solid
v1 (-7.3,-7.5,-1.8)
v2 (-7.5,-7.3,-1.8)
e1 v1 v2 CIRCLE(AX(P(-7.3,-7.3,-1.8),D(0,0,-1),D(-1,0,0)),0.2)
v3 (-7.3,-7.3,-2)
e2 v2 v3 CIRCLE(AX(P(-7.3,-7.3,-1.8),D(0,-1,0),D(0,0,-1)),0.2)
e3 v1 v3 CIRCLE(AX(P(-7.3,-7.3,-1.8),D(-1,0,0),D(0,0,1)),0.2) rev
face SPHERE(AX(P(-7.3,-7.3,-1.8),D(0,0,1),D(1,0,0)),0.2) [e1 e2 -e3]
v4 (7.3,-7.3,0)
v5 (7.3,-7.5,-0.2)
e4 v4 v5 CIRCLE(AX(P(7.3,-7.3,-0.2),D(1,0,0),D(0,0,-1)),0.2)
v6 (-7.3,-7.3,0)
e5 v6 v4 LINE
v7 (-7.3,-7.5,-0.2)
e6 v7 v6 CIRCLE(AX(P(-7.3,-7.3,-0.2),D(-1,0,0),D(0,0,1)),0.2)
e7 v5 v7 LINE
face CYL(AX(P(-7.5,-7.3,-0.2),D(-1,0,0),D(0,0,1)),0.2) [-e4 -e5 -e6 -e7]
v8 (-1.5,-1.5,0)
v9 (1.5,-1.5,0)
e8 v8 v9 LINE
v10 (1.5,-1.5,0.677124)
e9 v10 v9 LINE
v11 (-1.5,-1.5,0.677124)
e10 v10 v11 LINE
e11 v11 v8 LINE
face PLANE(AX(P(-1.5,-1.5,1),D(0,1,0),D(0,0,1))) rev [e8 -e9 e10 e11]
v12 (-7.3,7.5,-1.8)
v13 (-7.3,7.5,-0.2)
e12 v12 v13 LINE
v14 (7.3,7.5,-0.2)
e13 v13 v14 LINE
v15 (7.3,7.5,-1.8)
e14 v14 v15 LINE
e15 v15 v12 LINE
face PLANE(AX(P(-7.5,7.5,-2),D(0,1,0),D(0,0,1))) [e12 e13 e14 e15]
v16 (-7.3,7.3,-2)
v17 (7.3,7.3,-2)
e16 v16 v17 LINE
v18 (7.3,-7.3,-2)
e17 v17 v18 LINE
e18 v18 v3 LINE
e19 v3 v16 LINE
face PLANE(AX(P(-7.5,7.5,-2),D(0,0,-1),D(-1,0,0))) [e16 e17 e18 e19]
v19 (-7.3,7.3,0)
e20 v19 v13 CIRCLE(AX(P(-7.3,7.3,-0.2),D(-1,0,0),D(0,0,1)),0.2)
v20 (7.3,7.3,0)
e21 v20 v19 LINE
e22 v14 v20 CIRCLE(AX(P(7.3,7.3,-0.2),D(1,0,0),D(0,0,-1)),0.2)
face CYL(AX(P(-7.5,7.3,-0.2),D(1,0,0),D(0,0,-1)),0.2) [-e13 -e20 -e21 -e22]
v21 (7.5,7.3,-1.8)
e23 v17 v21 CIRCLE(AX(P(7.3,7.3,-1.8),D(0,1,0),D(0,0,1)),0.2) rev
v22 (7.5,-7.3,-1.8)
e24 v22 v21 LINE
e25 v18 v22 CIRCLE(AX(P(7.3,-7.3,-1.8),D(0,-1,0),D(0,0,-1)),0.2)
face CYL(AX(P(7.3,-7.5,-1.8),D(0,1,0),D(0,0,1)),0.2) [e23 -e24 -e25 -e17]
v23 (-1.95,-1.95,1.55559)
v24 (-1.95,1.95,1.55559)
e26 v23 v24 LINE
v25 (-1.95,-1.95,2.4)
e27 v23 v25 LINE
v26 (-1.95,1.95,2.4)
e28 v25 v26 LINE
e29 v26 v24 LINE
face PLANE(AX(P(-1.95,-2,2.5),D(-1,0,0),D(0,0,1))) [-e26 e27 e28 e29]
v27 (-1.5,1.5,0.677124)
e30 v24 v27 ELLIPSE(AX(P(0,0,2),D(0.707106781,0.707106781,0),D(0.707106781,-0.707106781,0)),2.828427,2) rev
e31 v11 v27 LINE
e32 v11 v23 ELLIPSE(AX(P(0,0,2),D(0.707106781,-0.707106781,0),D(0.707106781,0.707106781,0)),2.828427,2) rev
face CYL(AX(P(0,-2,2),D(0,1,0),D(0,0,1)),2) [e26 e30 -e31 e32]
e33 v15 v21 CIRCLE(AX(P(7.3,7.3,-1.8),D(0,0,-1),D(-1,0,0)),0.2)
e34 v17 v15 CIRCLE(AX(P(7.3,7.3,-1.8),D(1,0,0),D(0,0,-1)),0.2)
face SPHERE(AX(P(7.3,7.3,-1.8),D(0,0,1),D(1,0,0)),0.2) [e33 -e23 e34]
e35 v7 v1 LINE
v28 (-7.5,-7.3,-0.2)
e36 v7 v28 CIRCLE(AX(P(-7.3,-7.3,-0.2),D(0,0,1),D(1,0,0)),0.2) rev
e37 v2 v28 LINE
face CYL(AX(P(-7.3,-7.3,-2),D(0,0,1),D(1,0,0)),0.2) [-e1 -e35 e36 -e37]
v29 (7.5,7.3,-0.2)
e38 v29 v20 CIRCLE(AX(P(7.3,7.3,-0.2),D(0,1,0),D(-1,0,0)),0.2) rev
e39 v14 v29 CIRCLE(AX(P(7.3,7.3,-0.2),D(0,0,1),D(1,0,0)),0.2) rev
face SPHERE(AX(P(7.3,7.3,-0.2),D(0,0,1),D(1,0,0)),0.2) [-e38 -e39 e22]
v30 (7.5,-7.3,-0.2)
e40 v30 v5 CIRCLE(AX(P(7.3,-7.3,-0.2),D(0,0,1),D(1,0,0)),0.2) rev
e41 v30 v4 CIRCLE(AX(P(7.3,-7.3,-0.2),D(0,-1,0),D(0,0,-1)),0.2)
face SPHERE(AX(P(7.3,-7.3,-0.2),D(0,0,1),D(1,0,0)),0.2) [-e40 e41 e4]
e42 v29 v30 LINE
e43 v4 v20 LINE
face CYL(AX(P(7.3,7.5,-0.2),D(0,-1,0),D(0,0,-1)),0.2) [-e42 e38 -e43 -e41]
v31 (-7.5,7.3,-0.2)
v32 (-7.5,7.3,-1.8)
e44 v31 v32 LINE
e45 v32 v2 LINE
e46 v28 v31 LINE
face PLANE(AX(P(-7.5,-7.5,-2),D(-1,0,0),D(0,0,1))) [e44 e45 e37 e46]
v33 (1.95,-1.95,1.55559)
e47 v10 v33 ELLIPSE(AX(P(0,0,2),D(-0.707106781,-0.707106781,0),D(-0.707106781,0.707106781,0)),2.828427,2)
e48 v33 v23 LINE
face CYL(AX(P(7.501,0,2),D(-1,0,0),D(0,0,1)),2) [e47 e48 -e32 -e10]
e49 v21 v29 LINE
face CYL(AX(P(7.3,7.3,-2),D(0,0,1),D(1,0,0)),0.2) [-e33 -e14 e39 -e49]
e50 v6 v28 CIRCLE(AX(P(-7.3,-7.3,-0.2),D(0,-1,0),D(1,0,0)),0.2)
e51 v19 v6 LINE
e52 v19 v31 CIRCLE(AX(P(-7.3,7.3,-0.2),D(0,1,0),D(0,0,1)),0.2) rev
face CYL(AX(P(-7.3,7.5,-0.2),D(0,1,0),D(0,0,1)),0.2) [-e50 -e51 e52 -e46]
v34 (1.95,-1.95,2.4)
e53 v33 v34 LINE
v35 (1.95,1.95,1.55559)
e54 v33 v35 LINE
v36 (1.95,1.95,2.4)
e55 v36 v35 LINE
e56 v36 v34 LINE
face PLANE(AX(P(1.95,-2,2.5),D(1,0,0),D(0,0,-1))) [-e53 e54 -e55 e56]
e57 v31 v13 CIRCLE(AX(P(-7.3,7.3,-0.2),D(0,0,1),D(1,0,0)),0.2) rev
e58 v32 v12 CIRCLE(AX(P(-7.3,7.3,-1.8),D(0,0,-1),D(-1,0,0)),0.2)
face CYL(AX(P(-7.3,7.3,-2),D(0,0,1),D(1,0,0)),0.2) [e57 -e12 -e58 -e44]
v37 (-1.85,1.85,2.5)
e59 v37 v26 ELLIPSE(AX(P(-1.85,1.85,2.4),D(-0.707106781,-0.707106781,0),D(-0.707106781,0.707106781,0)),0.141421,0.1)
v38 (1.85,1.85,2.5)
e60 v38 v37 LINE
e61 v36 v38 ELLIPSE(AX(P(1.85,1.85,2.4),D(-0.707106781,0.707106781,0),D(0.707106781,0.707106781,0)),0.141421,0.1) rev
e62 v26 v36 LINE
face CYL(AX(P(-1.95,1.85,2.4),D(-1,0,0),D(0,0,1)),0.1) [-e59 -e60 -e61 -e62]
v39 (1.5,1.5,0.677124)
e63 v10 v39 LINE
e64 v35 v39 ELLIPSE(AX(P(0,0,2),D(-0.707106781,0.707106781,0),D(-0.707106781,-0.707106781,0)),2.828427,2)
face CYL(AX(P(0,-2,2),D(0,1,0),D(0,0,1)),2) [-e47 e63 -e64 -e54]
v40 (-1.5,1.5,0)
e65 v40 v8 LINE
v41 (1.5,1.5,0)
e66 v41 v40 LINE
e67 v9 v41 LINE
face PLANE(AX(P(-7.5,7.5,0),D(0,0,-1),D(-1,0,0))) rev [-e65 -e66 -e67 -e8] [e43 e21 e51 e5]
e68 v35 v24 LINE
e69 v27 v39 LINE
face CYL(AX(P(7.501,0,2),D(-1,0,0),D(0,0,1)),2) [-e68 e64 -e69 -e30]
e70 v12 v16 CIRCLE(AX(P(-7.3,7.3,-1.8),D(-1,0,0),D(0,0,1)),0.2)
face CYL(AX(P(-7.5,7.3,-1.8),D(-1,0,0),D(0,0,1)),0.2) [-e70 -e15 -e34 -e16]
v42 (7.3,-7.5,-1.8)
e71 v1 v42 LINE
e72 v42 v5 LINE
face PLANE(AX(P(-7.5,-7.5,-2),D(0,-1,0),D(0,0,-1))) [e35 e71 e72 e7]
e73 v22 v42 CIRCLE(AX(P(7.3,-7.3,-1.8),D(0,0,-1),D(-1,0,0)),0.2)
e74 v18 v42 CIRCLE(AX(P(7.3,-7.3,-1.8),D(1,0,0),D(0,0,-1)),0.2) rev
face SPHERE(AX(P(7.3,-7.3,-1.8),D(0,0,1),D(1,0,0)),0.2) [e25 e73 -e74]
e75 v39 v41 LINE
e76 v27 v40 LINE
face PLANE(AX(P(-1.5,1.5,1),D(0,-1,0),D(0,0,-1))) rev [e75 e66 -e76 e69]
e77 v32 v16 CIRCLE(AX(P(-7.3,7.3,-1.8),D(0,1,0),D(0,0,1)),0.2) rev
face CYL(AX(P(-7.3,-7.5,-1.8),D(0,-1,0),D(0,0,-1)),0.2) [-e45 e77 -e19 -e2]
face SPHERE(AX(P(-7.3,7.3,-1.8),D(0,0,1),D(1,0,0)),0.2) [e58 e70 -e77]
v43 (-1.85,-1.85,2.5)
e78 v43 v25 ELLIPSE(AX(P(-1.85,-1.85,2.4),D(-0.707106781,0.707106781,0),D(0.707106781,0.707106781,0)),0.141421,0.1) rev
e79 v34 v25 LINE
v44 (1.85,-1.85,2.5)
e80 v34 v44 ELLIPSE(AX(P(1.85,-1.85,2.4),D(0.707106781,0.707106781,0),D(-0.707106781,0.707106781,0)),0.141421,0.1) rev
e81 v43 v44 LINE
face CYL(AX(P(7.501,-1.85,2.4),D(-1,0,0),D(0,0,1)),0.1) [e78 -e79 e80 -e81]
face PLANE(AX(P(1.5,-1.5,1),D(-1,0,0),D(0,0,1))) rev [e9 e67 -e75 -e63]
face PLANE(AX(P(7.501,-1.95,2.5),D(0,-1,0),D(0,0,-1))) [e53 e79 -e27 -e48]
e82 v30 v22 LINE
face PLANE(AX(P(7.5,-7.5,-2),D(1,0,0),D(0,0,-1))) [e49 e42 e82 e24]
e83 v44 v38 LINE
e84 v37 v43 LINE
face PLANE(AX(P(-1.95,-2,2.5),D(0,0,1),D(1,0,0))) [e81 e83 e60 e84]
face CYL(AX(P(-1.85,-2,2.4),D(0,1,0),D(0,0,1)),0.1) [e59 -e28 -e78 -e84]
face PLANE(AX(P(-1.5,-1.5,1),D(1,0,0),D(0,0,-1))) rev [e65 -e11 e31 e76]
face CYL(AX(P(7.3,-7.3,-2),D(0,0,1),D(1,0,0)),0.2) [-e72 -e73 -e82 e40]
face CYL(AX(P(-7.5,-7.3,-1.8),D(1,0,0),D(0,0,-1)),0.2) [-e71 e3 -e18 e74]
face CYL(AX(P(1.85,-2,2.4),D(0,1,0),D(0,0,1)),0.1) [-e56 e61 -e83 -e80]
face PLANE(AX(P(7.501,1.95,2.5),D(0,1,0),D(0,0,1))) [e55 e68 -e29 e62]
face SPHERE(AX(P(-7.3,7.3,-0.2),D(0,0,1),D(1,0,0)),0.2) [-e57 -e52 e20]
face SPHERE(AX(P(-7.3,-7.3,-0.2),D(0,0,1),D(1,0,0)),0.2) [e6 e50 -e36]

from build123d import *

# Parameters (mm, degrees)
SKETCH_1_W                      = 15
SKETCH_1_H                      = 15
EXTRUDE_1_DEPTH                 = 2
SKETCH_2_W                      = 3
SKETCH_2_H                      = 3
EXTRUDE_2_DEPTH                 = 1
EXTRUDE_3_DEPTH                 = 2
EXTRUDE_3_DEPTH_BACK            = 2
CUT_EXTRUDE_1_REACH             = 12.897
CUT_EXTRUDE_1_DIRECTION_2_REACH = 12.897
FILLET_1_R                      = 0.1
FILLET_2_R                      = 0.2


with BuildPart() as part:
    # 草图1 → 凸台-拉伸1 (new body)
    with BuildSketch(Plane.XY):
        Rectangle(SKETCH_1_W, SKETCH_1_H)
    extrude(amount=-EXTRUDE_1_DEPTH)

    # 草图2 → 凸台-拉伸2 (add)
    with BuildSketch(Plane.XY):
        Rectangle(SKETCH_2_W, SKETCH_2_H)
    extrude(amount=EXTRUDE_2_DEPTH)

    # 草图3 → 凸台-拉伸3 (add, two sides: drawn at the far end of the back side and taken through both)
    with BuildSketch(Plane(origin=(0, 0, 0), x_dir=(1, 0, 0), z_dir=(0, 1, 0)).offset(-EXTRUDE_3_DEPTH_BACK)):
        with BuildLine():
            Line((-1.95, -2.5), (1.95, -2.5))
            Line((1.95, -2.5), (1.95, -1.555590279))
            ThreePointArc((1.95, -1.555590279), (1.780042303, -1.088161527), (1.5, -0.677124344))
            Line((1.5, -0.677124344), (-1.5, -0.677124344))
            ThreePointArc((-1.5, -0.677124344), (-1.780042303, -1.088161527), (-1.95, -1.555590279))
            Line((-1.95, -1.555590279), (-1.95, -2.5))
        make_face()
    extrude(amount=EXTRUDE_3_DEPTH + EXTRUDE_3_DEPTH_BACK)

    # 草图4 → 切除-拉伸1 (cut, up to next)
    with BuildSketch(Plane(origin=(0, 0, 0), x_dir=(0, 0, -1), z_dir=(1, 0, 0)), mode=Mode.PRIVATE) as cut_extrude_1_sk1:
        with BuildLine():
            Line((-2.5, 1.95), (-1.555590279, 1.95))
            ThreePointArc((-1.555590279, 1.95), (-1.088161527, 1.780042303), (-0.677124344, 1.5))
            Line((-0.677124344, 1.5), (-0.677124344, 2))
            Line((-0.677124344, 2), (-2.5, 2))
            Line((-2.5, 2), (-2.5, 1.95))
        make_face()
    cut_extrude_1_tool1 = extrude(cut_extrude_1_sk1.sketch, amount=-CUT_EXTRUDE_1_REACH, mode=Mode.PRIVATE) & part.part
    # 草图4 → 切除-拉伸1 (cut, up to next)
    with BuildSketch(Plane(origin=(0, 0, 0), x_dir=(0, 0, -1), z_dir=(1, 0, 0)), mode=Mode.PRIVATE) as cut_extrude_1_sk2:
        with BuildLine():
            Line((-2.5, -2), (-0.677124344, -2))
            Line((-0.677124344, -2), (-0.677124344, -1.5))
            ThreePointArc((-0.677124344, -1.5), (-1.088161527, -1.780042303), (-1.555590279, -1.95))
            Line((-1.555590279, -1.95), (-2.5, -1.95))
            Line((-2.5, -1.95), (-2.5, -2))
        make_face()
    cut_extrude_1_tool2 = extrude(cut_extrude_1_sk2.sketch, amount=-CUT_EXTRUDE_1_REACH, mode=Mode.PRIVATE) & part.part
    add(cut_extrude_1_tool1.solids().sort_by_distance((0, 1.873038, 1.175075))[0], mode=Mode.SUBTRACT)
    add(cut_extrude_1_tool2.solids().sort_by_distance((0, -1.873038, 1.175075))[0], mode=Mode.SUBTRACT)

    # 草图4 → 切除-拉伸1 direction 2 (cut, up to next)
    with BuildSketch(Plane(origin=(0, 0, 0), x_dir=(0, 0, -1), z_dir=(1, 0, 0)), mode=Mode.PRIVATE) as cut_extrude_1_direction_2_sk1:
        with BuildLine():
            Line((-2.5, 1.95), (-1.555590279, 1.95))
            ThreePointArc((-1.555590279, 1.95), (-1.088161527, 1.780042303), (-0.677124344, 1.5))
            Line((-0.677124344, 1.5), (-0.677124344, 2))
            Line((-0.677124344, 2), (-2.5, 2))
            Line((-2.5, 2), (-2.5, 1.95))
        make_face()
    cut_extrude_1_direction_2_tool1 = extrude(cut_extrude_1_direction_2_sk1.sketch, amount=CUT_EXTRUDE_1_DIRECTION_2_REACH, mode=Mode.PRIVATE) & part.part
    # 草图4 → 切除-拉伸1 direction 2 (cut, up to next)
    with BuildSketch(Plane(origin=(0, 0, 0), x_dir=(0, 0, -1), z_dir=(1, 0, 0)), mode=Mode.PRIVATE) as cut_extrude_1_direction_2_sk2:
        with BuildLine():
            Line((-2.5, -2), (-0.677124344, -2))
            Line((-0.677124344, -2), (-0.677124344, -1.5))
            ThreePointArc((-0.677124344, -1.5), (-1.088161527, -1.780042303), (-1.555590279, -1.95))
            Line((-1.555590279, -1.95), (-2.5, -1.95))
            Line((-2.5, -1.95), (-2.5, -2))
        make_face()
    cut_extrude_1_direction_2_tool2 = extrude(cut_extrude_1_direction_2_sk2.sketch, amount=CUT_EXTRUDE_1_DIRECTION_2_REACH, mode=Mode.PRIVATE) & part.part
    add(cut_extrude_1_direction_2_tool1.solids().sort_by_distance((0, 1.873038, 1.175075))[0], mode=Mode.SUBTRACT)
    add(cut_extrude_1_direction_2_tool2.solids().sort_by_distance((0, -1.873038, 1.175075))[0], mode=Mode.SUBTRACT)

    # 圆角1
    fillet_1_edges = [part.edges().sort_by_distance(p)[0] for p in [
        (-1.95, 0, 2.5),
        (1.95, 0, 2.5),
        (0, -1.95, 2.5),
        (0, 1.95, 2.5),
    ]]
    fillet(fillet_1_edges, radius=FILLET_1_R)

    # 圆角2
    fillet_2_edges = [part.edges().sort_by_distance(p)[0] for p in [
        (7.5, 0, -2),
        (0, 7.5, -2),
        (-7.5, 0, -2),
        (0, 7.5, 0),
        (7.5, 0, 0),
        (0, -7.5, 0),
        (-7.5, 0, 0),
        (0, -7.5, -2),
        (-7.5, 7.5, -1),
        (7.5, 7.5, -1),
        (7.5, -7.5, -1),
        (-7.5, -7.5, -1),
    ]]
    fillet(fillet_2_edges, radius=FILLET_2_R)


solid = part.part
